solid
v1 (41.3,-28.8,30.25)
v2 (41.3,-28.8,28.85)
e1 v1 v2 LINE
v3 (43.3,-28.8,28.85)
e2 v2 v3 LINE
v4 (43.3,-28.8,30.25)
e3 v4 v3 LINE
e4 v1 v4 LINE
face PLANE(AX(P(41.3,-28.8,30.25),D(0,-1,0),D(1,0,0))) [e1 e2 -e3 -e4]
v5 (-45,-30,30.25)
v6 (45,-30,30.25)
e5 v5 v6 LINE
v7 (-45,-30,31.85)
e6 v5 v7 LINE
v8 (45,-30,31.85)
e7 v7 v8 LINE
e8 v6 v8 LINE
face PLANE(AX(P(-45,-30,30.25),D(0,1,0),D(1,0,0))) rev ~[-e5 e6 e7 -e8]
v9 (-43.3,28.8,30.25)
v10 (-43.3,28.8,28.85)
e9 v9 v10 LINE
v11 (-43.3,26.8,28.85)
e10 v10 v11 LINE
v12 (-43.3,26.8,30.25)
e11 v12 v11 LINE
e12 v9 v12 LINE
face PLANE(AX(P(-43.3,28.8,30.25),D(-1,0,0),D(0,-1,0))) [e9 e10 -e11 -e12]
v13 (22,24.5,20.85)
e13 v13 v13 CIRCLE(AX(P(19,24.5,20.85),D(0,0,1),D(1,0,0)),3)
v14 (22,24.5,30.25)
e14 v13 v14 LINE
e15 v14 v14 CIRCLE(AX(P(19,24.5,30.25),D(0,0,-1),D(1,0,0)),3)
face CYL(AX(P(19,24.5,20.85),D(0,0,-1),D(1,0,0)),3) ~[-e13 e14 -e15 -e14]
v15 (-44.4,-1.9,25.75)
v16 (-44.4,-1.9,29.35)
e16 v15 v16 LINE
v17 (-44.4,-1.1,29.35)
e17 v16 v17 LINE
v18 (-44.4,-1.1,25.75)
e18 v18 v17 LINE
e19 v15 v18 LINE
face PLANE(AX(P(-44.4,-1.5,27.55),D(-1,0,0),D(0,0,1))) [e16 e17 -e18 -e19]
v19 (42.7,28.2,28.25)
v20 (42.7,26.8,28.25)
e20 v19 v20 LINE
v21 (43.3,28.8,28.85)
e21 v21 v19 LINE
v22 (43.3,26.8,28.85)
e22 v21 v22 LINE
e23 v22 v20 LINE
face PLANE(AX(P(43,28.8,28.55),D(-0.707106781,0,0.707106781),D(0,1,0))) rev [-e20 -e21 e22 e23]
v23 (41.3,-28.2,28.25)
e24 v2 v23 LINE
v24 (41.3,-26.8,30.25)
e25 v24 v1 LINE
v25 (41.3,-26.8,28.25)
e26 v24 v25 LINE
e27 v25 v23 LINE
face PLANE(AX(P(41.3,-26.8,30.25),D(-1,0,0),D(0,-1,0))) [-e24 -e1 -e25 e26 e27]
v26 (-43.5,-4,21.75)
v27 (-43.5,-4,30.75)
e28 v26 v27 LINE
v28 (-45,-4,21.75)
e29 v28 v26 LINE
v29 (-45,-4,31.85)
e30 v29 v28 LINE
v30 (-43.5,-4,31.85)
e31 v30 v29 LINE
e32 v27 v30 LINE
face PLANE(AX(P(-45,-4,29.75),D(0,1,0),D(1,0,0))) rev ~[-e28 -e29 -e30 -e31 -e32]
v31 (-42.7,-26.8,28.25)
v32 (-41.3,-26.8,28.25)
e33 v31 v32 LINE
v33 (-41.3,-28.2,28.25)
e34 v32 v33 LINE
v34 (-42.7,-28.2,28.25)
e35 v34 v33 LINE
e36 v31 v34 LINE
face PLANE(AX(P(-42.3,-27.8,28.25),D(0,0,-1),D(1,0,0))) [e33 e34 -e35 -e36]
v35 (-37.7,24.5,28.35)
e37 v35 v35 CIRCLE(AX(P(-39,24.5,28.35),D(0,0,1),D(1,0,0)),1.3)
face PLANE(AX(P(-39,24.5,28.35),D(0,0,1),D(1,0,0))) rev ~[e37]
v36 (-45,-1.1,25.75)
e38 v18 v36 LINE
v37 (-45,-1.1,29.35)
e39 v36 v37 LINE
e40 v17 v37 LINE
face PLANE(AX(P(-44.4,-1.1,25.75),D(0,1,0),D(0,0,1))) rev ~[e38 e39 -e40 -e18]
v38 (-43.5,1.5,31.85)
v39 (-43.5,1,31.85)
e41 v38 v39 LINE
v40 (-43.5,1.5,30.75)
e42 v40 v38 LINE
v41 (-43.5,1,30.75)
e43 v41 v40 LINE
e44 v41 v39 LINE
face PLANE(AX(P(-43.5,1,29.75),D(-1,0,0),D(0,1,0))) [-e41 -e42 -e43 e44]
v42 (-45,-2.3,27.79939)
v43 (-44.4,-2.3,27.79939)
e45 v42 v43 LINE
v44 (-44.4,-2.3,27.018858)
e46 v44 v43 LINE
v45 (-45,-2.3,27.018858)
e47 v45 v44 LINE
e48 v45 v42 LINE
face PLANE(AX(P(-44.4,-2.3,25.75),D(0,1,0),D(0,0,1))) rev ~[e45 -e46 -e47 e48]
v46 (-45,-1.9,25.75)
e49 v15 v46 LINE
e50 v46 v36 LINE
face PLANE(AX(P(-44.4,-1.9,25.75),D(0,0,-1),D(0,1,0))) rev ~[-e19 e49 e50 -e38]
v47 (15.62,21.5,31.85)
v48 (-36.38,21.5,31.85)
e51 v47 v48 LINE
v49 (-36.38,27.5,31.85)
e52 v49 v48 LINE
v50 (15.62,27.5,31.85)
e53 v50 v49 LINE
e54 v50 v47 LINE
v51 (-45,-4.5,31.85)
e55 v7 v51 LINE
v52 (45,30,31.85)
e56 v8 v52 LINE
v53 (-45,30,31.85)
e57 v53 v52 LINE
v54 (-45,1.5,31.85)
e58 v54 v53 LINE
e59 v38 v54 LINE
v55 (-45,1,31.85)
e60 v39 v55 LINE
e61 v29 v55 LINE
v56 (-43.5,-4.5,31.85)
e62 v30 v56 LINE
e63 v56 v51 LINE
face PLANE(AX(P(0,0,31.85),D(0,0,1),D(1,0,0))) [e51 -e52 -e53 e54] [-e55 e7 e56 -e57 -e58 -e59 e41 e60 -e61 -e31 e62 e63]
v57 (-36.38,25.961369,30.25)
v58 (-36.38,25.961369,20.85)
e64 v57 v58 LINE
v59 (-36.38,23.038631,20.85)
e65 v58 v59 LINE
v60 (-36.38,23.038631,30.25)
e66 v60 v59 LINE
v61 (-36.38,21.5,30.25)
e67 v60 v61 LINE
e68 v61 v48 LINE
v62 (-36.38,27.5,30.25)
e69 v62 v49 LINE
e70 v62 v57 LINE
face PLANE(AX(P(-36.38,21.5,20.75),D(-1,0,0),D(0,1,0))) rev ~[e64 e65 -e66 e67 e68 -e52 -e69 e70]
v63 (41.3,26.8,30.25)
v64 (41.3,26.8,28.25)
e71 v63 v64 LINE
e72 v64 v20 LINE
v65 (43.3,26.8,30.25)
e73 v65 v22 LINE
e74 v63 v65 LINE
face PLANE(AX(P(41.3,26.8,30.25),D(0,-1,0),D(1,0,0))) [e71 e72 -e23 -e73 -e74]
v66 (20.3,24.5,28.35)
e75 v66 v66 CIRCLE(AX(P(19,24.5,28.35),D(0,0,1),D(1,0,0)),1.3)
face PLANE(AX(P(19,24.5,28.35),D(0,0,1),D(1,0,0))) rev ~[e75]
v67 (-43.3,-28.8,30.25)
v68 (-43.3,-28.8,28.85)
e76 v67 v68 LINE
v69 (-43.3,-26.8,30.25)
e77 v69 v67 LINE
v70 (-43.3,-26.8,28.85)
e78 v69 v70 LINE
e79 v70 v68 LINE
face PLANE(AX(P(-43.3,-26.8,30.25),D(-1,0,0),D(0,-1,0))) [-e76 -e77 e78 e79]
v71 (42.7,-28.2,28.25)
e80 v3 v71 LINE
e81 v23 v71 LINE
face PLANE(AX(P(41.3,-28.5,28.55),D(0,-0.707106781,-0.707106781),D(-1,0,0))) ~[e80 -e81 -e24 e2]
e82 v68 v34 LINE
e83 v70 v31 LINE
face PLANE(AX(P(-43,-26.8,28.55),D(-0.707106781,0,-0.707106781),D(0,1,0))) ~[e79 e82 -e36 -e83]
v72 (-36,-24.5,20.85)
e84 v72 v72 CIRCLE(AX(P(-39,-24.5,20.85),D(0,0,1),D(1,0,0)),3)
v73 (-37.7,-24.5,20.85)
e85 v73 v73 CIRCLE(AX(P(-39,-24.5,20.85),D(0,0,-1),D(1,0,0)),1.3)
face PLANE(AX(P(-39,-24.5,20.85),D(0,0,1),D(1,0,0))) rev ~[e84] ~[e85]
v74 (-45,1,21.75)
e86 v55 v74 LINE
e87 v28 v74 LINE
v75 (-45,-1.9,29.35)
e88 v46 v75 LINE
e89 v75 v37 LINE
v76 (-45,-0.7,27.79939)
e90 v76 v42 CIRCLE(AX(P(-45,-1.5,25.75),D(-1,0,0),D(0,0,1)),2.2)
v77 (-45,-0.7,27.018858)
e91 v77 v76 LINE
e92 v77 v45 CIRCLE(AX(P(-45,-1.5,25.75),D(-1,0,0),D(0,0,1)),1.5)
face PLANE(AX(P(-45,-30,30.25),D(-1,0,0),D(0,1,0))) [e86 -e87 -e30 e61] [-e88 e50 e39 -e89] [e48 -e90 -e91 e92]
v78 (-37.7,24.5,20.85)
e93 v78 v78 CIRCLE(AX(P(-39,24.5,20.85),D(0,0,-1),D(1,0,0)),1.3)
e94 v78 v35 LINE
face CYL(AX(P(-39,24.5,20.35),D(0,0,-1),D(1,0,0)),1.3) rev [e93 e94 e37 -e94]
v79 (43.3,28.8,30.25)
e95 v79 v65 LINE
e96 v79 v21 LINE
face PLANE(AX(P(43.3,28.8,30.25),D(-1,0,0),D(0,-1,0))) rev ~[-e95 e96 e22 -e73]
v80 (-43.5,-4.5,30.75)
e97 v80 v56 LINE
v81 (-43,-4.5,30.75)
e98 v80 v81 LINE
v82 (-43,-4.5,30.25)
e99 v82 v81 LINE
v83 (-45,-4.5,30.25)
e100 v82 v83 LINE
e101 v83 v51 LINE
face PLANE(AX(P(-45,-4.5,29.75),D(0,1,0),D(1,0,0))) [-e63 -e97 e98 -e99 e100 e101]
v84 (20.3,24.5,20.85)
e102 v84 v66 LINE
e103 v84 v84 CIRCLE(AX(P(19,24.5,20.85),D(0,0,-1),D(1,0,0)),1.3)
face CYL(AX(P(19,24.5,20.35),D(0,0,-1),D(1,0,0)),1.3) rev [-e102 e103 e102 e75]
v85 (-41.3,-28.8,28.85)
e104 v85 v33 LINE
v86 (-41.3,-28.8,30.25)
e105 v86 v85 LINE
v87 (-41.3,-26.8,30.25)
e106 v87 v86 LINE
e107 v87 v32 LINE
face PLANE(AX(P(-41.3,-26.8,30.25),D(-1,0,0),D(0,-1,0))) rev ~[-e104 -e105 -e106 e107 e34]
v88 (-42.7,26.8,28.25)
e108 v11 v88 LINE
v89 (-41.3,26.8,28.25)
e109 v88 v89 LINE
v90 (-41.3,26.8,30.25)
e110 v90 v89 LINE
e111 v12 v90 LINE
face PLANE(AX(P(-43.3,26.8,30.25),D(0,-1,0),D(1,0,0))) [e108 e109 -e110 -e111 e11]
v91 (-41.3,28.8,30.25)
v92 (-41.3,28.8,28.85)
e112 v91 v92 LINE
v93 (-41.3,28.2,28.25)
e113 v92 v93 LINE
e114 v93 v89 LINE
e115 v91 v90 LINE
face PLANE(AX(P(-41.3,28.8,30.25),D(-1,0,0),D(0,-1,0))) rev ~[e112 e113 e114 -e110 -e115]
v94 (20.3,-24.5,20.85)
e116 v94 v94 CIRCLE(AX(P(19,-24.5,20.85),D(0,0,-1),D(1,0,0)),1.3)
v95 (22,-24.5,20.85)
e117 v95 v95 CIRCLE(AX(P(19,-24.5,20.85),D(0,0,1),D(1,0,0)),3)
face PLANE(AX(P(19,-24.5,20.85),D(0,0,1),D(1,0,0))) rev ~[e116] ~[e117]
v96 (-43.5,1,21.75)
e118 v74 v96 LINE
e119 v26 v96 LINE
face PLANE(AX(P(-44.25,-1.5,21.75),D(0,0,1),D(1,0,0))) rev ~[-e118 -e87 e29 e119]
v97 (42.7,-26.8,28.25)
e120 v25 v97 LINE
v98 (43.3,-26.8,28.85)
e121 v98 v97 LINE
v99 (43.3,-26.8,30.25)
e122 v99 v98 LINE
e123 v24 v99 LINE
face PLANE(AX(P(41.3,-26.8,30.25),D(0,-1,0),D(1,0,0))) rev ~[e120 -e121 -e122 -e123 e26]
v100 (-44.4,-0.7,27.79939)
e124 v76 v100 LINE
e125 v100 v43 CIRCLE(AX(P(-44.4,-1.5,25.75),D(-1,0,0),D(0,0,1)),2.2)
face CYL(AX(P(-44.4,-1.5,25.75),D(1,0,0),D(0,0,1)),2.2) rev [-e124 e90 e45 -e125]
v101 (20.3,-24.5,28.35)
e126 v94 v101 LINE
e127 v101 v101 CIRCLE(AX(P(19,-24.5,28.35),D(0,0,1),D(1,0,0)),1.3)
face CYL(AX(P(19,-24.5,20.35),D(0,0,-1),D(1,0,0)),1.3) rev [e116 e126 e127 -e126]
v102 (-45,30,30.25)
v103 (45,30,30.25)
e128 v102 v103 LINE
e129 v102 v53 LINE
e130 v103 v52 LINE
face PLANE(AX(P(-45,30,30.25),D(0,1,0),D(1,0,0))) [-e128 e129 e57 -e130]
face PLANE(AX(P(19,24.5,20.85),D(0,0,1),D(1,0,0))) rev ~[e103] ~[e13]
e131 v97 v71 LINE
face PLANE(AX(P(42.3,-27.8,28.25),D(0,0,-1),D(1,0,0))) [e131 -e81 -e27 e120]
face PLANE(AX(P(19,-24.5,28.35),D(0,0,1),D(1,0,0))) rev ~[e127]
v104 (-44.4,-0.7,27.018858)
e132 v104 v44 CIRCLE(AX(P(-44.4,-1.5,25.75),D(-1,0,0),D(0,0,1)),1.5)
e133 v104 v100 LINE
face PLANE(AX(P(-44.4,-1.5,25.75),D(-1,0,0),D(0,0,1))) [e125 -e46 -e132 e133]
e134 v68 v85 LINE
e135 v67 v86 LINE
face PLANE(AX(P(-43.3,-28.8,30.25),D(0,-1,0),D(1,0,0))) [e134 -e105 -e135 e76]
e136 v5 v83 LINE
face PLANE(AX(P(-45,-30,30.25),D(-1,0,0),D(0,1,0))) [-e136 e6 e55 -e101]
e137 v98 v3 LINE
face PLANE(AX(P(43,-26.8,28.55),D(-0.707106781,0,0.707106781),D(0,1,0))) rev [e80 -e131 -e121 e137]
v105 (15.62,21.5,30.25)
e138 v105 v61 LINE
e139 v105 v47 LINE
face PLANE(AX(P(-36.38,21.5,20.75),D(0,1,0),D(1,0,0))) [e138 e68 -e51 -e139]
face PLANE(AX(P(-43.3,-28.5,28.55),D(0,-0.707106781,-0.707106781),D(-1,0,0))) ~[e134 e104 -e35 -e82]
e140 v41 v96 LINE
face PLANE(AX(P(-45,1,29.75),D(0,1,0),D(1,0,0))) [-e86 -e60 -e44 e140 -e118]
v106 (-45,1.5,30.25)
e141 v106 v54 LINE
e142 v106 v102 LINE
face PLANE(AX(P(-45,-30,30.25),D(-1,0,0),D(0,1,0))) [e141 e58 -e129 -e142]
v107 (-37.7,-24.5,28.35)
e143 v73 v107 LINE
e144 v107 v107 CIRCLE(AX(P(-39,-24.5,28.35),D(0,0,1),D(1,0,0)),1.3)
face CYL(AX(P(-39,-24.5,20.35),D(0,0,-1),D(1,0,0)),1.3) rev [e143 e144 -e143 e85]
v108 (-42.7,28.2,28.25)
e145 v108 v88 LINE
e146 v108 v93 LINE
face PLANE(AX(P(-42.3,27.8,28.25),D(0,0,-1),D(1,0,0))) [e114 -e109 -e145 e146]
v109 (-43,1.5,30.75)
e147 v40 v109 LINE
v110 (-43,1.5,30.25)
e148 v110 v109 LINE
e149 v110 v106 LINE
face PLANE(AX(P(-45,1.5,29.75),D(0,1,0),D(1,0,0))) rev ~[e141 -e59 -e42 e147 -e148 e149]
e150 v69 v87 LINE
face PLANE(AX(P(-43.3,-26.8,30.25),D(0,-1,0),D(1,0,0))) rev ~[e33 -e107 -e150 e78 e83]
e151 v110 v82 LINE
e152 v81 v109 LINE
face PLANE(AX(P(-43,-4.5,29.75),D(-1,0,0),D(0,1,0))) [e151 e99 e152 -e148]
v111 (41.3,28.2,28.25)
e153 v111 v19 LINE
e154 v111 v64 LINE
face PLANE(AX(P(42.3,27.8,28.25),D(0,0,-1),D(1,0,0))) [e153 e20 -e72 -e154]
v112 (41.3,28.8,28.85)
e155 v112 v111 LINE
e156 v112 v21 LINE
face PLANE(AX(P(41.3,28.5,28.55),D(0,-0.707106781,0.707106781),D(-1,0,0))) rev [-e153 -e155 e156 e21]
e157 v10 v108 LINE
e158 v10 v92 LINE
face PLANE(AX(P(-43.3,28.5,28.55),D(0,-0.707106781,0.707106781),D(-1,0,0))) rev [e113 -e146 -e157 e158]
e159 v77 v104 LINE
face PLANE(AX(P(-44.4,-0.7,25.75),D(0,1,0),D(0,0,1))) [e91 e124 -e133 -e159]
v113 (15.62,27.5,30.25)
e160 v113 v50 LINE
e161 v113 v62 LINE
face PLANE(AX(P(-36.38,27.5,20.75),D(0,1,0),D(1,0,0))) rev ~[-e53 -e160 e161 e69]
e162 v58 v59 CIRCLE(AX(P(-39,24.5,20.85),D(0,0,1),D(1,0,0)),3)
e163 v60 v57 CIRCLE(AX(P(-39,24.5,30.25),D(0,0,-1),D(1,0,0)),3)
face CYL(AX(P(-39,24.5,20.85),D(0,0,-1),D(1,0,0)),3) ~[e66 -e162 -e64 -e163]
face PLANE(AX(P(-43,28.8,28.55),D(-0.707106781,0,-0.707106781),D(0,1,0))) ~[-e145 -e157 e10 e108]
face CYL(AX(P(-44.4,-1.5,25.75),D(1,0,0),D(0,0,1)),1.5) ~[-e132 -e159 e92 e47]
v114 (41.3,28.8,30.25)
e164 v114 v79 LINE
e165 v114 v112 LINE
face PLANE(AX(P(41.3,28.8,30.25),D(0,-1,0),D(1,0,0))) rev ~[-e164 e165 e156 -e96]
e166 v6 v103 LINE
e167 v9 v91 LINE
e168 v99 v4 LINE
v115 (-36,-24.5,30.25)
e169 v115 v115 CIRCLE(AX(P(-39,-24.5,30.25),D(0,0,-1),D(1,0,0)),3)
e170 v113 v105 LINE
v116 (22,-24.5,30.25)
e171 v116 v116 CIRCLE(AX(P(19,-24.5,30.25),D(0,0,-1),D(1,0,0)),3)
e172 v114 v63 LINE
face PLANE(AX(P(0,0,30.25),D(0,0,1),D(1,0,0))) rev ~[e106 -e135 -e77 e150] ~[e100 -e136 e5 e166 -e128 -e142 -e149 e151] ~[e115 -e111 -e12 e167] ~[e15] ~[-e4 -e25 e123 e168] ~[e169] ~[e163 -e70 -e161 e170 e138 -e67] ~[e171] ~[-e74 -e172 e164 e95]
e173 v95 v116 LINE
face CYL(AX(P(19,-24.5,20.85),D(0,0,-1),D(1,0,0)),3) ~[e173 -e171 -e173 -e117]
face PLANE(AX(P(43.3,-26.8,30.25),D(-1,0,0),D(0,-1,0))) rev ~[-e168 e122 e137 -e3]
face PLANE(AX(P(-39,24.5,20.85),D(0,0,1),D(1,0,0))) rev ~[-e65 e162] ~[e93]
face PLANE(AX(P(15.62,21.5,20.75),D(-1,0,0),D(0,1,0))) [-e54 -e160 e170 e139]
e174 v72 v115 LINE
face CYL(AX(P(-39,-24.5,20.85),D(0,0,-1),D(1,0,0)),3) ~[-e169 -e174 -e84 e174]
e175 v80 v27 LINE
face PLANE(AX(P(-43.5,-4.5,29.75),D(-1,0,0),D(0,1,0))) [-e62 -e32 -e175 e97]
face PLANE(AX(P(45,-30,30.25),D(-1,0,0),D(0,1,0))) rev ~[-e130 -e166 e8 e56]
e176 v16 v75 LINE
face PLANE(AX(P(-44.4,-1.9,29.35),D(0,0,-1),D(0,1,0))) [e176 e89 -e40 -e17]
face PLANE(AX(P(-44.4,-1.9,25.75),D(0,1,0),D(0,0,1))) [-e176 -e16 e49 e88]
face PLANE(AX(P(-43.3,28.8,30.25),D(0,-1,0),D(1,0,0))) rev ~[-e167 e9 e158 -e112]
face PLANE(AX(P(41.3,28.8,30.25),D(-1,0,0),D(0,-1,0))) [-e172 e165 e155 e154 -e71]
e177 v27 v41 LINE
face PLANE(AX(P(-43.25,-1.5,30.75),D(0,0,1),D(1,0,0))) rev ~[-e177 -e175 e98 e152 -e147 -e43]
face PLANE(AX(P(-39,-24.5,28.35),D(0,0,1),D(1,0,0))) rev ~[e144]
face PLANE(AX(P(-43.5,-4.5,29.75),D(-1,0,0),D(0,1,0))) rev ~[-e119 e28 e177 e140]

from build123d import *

# Parameters (mm, degrees)
BOX063_W                   = 4
BOX063_H                   = 1.6
BOX063_DEPTH               = 0.6
CYLINDER043_R              = 1.5
CYLINDER043_DEPTH          = 0.6
CYLINDER042_R              = 2.2
CYLINDER042_DEPTH          = 0.6
BOX064_W                   = 3.6
BOX064_H                   = 0.8
BOX064_DEPTH               = 0.6
FUSION040_PLACEMENT_ANGLE  = 90
BOX061_W                   = 1.5
BOX061_H                   = 0.5
BOX061_DEPTH               = 3
BOX066_W                   = 1.5
BOX066_H                   = 0.5
BOX066_DEPTH               = 3
BOX060_W                   = 0.5
BOX060_H                   = 6
BOX060_DEPTH               = 1
BOX068_W                   = 52
BOX068_H                   = 6
BOX068_DEPTH               = 12
CYLINDER045_R              = 1.3
CYLINDER045_DEPTH          = 8
CYLINDER037_R              = 1.3
CYLINDER037_DEPTH          = 8
CYLINDER044_R              = 1.3
CYLINDER044_DEPTH          = 8
CYLINDER040_R              = 1.3
CYLINDER040_DEPTH          = 8
CYLINDER041_R              = 3
CYLINDER041_DEPTH          = 9.5
CYLINDER039_R              = 3
CYLINDER039_DEPTH          = 9.5
CYLINDER046_R              = 3
CYLINDER046_DEPTH          = 9.5
CYLINDER038_R              = 3
CYLINDER038_DEPTH          = 9.5
BOX069_W                   = 90
BOX069_H                   = 60
BOX069_DEPTH               = 1.6
BOX059_W                   = 1.5
BOX059_H                   = 5
BOX059_DEPTH               = 8.5
BOX070_W                   = 2
BOX070_H                   = 2
BOX070_DEPTH               = 2
BOX062_W                   = 2
BOX062_H                   = 2
BOX062_DEPTH               = 2
BOX065_W                   = 2
BOX065_H                   = 2
BOX065_DEPTH               = 2
BOX067_W                   = 2
BOX067_H                   = 2
BOX067_DEPTH               = 2
CHAMFER007_SIZE            = 0.6
CHAMFER007_PLACEMENT_ANGLE = 180


with BuildPart() as w_rfel041:
    # Box063 → Box063 (new body)
    with BuildSketch(Plane(origin=(0, -0.8, 0), x_dir=(1, 0, 0), z_dir=(0, 0, 1))):
        with Locations((2, 0.8)):
            Rectangle(BOX063_W, BOX063_H)
    extrude(amount=BOX063_DEPTH)


with BuildPart() as zylinder042:
    # Cylinder043 → Cylinder043 (new body)
    with BuildSketch(Plane.XY):
        Circle(CYLINDER043_R)
    extrude(amount=CYLINDER043_DEPTH)


with BuildPart() as off:
    # Cylinder042 → Cylinder042 (new body)
    with BuildSketch(Plane.XY):
        Circle(CYLINDER042_R)
    extrude(amount=CYLINDER042_DEPTH)

    # Cut026: cut Zylinder042
    add(zylinder042.part, mode=Mode.SUBTRACT)

    # Cut023: cut Würfel041
    add(w_rfel041.part, mode=Mode.SUBTRACT)


with BuildPart() as onoff:
    # Box064 → Box064 (new body)
    with BuildSketch(Plane(origin=(0, -0.4, 0), x_dir=(1, 0, 0), z_dir=(0, 0, 1))):
        with Locations((1.8, 0.4)):
            Rectangle(BOX064_W, BOX064_H)
    extrude(amount=BOX064_DEPTH)

    # Fusion040: union Off
    add(off.part)


with BuildPart() as onoff_1:
    # Fusion040 placement: moved
    add(onoff.part.moved(Location((-44.4, -1.5, 11))).rotate(Axis((-44.4, -1.5, 11), (0, -1, 0)), FUSION040_PLACEMENT_ANGLE))


with BuildPart() as knopf002:
    # Box061 → Box061 (new body)
    with BuildSketch(Plane(origin=(-45, 1, 15), x_dir=(1, 0, 0), z_dir=(0, 0, 1))):
        with Locations((0.75, 0.25)):
            Rectangle(BOX061_W, BOX061_H)
    extrude(amount=BOX061_DEPTH)


with BuildPart() as knopf003:
    # Box066 → Box066 (new body)
    with BuildSketch(Plane(origin=(-45, -4.5, 15), x_dir=(1, 0, 0), z_dir=(0, 0, 1))):
        with Locations((0.75, 0.25)):
            Rectangle(BOX066_W, BOX066_H)
    extrude(amount=BOX066_DEPTH)


with BuildPart() as knopfaussparungen:
    # Box060 → Box060 (new body)
    with BuildSketch(Plane(origin=(-43.5, -4.5, 15), x_dir=(1, 0, 0), z_dir=(0, 0, 1))):
        with Locations((0.25, 3)):
            Rectangle(BOX060_W, BOX060_H)
    extrude(amount=BOX060_DEPTH)

    # Fusion038: union Knopf002, Knopf003
    add(knopf002.part)
    add(knopf003.part)


with BuildPart() as stack_ffnung:
    # Box068 → Box068 (new body)
    with BuildSketch(Plane(origin=(-36.38, 21.5, 6), x_dir=(1, 0, 0), z_dir=(0, 0, 1))):
        with Locations((26, 3)):
            Rectangle(BOX068_W, BOX068_H)
    extrude(amount=BOX068_DEPTH)


with BuildPart() as zylinder044:
    # Cylinder045 → Cylinder045 (new body)
    with BuildSketch(Plane(origin=(-39, 24.5, 0), x_dir=(1, 0, 0), z_dir=(0, 0, 1))):
        Circle(CYLINDER045_R)
    extrude(amount=CYLINDER045_DEPTH)


with BuildPart() as fusion064:
    # Cylinder037 → Cylinder037 (new body)
    with BuildSketch(Plane(origin=(-39, -24.5, 0), x_dir=(1, 0, 0), z_dir=(0, 0, 1))):
        Circle(CYLINDER037_R)
    extrude(amount=CYLINDER037_DEPTH)

    # Fusion064: union Zylinder044
    add(zylinder044.part)


with BuildPart() as fusion064_1:
    # Fusion064 placement: moved
    add(fusion064.part.moved(Location((58, 0, 0))))


with BuildPart() as zylinder043:
    # Cylinder044 → Cylinder044 (new body)
    with BuildSketch(Plane(origin=(-39, 24.5, 0), x_dir=(1, 0, 0), z_dir=(0, 0, 1))):
        Circle(CYLINDER044_R)
    extrude(amount=CYLINDER044_DEPTH)


with BuildPart() as bohrungen002:
    # Cylinder040 → Cylinder040 (new body)
    with BuildSketch(Plane(origin=(-39, -24.5, 0), x_dir=(1, 0, 0), z_dir=(0, 0, 1))):
        Circle(CYLINDER040_R)
    extrude(amount=CYLINDER040_DEPTH)

    # Fusion070: union Zylinder043
    add(zylinder043.part)

    # Fusion069: union Fusion064
    add(fusion064_1.part)


with BuildPart() as bohrungen002_1:
    # Fusion069 placement: moved
    add(bohrungen002.part.moved(Location((0, 0, 5.6))))


with BuildPart() as zylinder040:
    # Cylinder041 → Cylinder041 (new body)
    with BuildSketch(Plane(origin=(-39, 24.5, 2), x_dir=(1, 0, 0), z_dir=(0, 0, 1))):
        Circle(CYLINDER041_R)
    extrude(amount=CYLINDER041_DEPTH)


with BuildPart() as fusion068:
    # Cylinder039 → Cylinder039 (new body)
    with BuildSketch(Plane(origin=(-39, -24.5, 2), x_dir=(1, 0, 0), z_dir=(0, 0, 1))):
        Circle(CYLINDER039_R)
    extrude(amount=CYLINDER039_DEPTH)

    # Fusion068: union Zylinder040
    add(zylinder040.part)


with BuildPart() as fusion068_1:
    # Fusion068 placement: moved
    add(fusion068.part.moved(Location((58, 0, 0))))


with BuildPart() as zylinder045:
    # Cylinder046 → Cylinder046 (new body)
    with BuildSketch(Plane(origin=(-39, 24.5, 2), x_dir=(1, 0, 0), z_dir=(0, 0, 1))):
        Circle(CYLINDER046_R)
    extrude(amount=CYLINDER046_DEPTH)


with BuildPart() as deckelst_tzen:
    # Cylinder038 → Cylinder038 (new body)
    with BuildSketch(Plane(origin=(-39, -24.5, 2), x_dir=(1, 0, 0), z_dir=(0, 0, 1))):
        Circle(CYLINDER038_R)
    extrude(amount=CYLINDER038_DEPTH)

    # Fusion062: union Zylinder045
    add(zylinder045.part)

    # Fusion063: union Fusion068
    add(fusion068_1.part)


with BuildPart() as deckelst_tzen_1:
    # Fusion063 placement: moved
    add(deckelst_tzen.part.moved(Location((0, 0, 4.1))))

    # Cut022: cut Bohrungen002
    add(bohrungen002_1.part, mode=Mode.SUBTRACT)


with BuildPart() as deckel_mit_knopfschlitzen:
    # Box069 → Box069 (new body)
    with BuildSketch(Plane(origin=(-45, -30, 15.5), x_dir=(1, 0, 0), z_dir=(0, 0, 1))):
        with Locations((45, 30)):
            Rectangle(BOX069_W, BOX069_H)
    extrude(amount=BOX069_DEPTH)

    # Fusion037: union Deckelstützen
    add(deckelst_tzen_1.part)

    # Cut021: cut Stack-Öffnung
    add(stack_ffnung.part, mode=Mode.SUBTRACT)

    # Cut025: cut Knopfaussparungen
    add(knopfaussparungen.part, mode=Mode.SUBTRACT)


with BuildPart() as deckel_mit_io_button:
    # Box059 → Box059 (new body)
    with BuildSketch(Plane(origin=(-45, -4, 7), x_dir=(1, 0, 0), z_dir=(0, 0, 1))):
        with Locations((0.75, 2.5)):
            Rectangle(BOX059_W, BOX059_H)
    extrude(amount=BOX059_DEPTH)

    # Fusion039: union Deckel mit Knopfschlitzen
    add(deckel_mit_knopfschlitzen.part)

    # Cut024: cut OnOff
    add(onoff_1.part, mode=Mode.SUBTRACT)


with BuildPart() as w_rfel044:
    # Box070 → Box070 (new body)
    with BuildSketch(Plane(origin=(41.3, -28.8, 14), x_dir=(1, 0, 0), z_dir=(0, 0, 1))):
        with Locations((1, 1)):
            Rectangle(BOX070_W, BOX070_H)
    extrude(amount=BOX070_DEPTH)


with BuildPart() as fusion066:
    # Box062 → Box062 (new body)
    with BuildSketch(Plane(origin=(41.3, 26.8, 14), x_dir=(1, 0, 0), z_dir=(0, 0, 1))):
        with Locations((1, 1)):
            Rectangle(BOX062_W, BOX062_H)
    extrude(amount=BOX062_DEPTH)

    # Fusion066: union Würfel044
    add(w_rfel044.part)


with BuildPart() as fusion066_1:
    # Fusion066 placement: moved
    add(fusion066.part.moved(Location((-84.6, 0, 0))))


with BuildPart() as w_rfel042:
    # Box065 → Box065 (new body)
    with BuildSketch(Plane(origin=(41.3, -28.8, 14), x_dir=(1, 0, 0), z_dir=(0, 0, 1))):
        with Locations((1, 1)):
            Rectangle(BOX065_W, BOX065_H)
    extrude(amount=BOX065_DEPTH)


with BuildPart() as expander_deckel_fertig:
    # Box067 → Box067 (new body)
    with BuildSketch(Plane(origin=(41.3, 26.8, 14), x_dir=(1, 0, 0), z_dir=(0, 0, 1))):
        with Locations((1, 1)):
            Rectangle(BOX067_W, BOX067_H)
    extrude(amount=BOX067_DEPTH)

    # Fusion061: union Würfel042
    add(w_rfel042.part)

    # Fusion065: union Fusion066
    add(fusion066_1.part)

    # Chamfer007
    chamfer007_edges = [expander_deckel_fertig.edges().sort_by_distance(p)[0] for p in [
        (43.3, 27.8, 16),
        (42.3, 28.8, 16),
        (43.3, -27.8, 16),
        (42.3, -28.8, 16),
        (-43.3, 27.8, 16),
        (-42.3, 28.8, 16),
        (-43.3, -27.8, 16),
        (-42.3, -28.8, 16),
    ]]
    chamfer(chamfer007_edges, length=CHAMFER007_SIZE)


with BuildPart() as expander_deckel_fertig_1:
    # Chamfer007 placement: moved
    add(expander_deckel_fertig.part.moved(Location((0, 0, 29.5))).rotate(Axis((0, 0, 29.5), (1, 0, 0)), CHAMFER007_PLACEMENT_ANGLE))

    # Fusion067: union Deckel mit IO-Button
    add(deckel_mit_io_button.part)


with BuildPart() as expander_deckel_fertig_2:
    # Fusion067 placement: moved
    add(expander_deckel_fertig_1.part.moved(Location((0, 0, 14.75))))


solid = expander_deckel_fertig_2.part
